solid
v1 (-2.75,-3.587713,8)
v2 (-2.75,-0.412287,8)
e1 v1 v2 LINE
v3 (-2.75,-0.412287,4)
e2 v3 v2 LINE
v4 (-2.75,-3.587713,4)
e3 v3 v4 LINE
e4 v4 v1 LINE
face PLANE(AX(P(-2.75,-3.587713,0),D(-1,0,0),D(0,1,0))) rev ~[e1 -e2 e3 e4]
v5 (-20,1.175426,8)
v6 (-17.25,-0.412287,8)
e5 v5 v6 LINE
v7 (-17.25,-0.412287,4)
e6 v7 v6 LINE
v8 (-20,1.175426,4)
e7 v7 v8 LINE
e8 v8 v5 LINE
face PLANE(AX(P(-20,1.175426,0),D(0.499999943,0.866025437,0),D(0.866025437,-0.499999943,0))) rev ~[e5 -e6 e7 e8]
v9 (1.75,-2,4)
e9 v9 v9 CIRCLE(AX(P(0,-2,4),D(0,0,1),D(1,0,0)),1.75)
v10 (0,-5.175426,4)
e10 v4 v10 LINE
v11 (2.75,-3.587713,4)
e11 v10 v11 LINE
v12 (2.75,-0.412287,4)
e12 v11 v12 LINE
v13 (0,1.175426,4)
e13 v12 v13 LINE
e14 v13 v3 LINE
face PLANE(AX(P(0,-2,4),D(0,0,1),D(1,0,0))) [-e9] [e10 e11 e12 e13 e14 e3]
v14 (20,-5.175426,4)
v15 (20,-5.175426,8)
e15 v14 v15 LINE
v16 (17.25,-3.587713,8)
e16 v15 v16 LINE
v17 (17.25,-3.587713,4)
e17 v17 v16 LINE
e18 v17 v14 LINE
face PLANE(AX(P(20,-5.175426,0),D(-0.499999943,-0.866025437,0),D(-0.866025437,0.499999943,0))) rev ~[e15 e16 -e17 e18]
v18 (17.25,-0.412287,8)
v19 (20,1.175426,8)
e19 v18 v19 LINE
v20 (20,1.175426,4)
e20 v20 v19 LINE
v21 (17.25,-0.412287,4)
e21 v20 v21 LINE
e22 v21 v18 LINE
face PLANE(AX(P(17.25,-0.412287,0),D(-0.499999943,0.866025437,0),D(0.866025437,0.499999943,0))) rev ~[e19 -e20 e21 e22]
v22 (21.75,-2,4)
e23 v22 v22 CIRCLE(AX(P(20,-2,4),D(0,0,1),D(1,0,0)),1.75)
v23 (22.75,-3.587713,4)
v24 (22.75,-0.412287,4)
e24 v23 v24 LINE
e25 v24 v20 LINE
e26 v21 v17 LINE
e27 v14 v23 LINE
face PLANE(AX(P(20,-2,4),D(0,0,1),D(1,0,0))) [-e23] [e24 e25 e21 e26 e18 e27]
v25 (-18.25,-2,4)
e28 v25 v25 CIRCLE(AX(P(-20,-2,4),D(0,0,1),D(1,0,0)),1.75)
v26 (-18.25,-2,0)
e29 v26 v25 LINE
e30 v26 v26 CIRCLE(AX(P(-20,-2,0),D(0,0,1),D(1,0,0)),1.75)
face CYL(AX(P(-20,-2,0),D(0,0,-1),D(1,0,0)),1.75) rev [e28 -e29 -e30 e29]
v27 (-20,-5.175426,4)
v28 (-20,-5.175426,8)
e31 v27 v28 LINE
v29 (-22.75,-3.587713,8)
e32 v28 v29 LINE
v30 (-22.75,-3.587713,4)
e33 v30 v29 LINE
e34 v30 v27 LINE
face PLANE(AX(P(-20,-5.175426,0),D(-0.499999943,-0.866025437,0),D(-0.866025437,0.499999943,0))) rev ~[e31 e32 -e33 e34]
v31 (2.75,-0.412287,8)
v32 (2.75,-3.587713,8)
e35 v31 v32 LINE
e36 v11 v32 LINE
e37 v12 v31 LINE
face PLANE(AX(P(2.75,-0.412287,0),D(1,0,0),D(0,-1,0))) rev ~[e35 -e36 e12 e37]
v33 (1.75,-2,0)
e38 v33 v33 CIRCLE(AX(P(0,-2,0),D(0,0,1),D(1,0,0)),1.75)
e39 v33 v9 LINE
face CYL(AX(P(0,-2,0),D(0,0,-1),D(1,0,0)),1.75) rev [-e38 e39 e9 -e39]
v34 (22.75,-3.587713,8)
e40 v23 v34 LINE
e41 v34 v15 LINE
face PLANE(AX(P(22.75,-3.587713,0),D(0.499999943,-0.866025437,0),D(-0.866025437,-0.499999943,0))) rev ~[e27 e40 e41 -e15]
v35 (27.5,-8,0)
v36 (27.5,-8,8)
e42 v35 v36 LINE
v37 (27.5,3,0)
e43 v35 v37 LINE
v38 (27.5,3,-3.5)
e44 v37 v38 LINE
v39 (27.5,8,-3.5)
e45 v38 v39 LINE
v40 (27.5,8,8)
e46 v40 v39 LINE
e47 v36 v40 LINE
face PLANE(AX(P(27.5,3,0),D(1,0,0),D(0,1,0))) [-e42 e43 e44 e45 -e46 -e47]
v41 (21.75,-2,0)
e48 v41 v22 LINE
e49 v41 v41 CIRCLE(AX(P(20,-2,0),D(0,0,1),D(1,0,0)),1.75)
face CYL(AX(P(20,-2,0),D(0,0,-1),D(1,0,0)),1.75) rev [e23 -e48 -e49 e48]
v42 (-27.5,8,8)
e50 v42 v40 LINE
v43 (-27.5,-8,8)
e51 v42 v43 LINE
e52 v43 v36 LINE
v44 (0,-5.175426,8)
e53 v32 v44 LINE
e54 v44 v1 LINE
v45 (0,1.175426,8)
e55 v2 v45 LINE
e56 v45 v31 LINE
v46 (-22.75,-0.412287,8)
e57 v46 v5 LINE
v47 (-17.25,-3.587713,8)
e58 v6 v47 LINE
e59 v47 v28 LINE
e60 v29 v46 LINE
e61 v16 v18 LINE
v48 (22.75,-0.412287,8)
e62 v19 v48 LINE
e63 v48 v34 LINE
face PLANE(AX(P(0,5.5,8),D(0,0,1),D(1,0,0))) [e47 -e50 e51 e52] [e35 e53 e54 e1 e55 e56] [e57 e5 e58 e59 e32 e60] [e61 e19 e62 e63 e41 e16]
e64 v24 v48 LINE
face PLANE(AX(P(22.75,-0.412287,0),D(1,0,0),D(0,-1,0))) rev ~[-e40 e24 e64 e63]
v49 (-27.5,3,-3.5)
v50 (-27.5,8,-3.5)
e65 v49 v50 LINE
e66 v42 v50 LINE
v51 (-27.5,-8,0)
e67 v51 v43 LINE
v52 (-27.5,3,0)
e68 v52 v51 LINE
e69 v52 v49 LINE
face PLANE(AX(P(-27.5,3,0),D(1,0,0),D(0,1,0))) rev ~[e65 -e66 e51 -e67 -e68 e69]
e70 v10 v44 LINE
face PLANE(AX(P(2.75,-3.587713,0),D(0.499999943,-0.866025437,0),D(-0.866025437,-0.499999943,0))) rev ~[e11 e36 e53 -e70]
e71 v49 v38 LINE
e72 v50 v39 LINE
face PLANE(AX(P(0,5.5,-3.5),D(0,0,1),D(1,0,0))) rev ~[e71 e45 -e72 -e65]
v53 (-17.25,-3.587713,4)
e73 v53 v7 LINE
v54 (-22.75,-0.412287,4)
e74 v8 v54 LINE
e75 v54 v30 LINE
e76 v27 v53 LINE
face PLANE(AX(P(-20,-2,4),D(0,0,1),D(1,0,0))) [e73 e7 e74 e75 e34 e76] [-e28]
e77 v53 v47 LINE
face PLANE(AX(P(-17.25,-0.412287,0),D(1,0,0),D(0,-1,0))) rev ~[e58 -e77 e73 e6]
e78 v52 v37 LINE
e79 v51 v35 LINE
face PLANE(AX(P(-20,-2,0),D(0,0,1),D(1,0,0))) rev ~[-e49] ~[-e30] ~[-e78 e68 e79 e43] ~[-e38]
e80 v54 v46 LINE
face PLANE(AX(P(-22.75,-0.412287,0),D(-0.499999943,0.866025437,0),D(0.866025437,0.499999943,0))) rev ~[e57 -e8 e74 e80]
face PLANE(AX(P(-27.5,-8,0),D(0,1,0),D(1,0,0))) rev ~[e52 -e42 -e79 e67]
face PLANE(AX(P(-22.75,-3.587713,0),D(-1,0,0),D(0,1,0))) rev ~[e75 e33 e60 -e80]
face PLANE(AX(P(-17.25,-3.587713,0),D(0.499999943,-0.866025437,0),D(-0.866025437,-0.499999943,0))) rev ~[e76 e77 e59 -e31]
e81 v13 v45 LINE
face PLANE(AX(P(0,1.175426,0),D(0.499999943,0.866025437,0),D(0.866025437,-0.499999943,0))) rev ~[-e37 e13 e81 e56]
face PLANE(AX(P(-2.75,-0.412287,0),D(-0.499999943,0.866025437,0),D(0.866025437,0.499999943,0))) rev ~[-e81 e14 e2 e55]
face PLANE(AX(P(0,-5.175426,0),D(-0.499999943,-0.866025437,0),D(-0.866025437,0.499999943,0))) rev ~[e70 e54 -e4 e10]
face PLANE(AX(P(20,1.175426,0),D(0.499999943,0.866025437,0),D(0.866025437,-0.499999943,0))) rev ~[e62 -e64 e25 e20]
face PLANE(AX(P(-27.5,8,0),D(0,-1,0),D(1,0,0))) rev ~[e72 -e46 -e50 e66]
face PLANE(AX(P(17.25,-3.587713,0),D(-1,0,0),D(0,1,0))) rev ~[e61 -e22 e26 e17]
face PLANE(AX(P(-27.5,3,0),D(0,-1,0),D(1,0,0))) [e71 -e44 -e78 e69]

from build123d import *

# Parameters (mm, degrees)
F0_W     = 55
F0_H     = 5
F0_H_2   = 11
F1_DEPTH = 8
F0_R     = 1.75
F2_DEPTH = 4
F3_DEPTH = 3.5


with BuildPart() as f1:
    # F0 (on Top) → F1 (new body)
    with BuildSketch(Plane.XY):
        with Locations((0, 5.5)):
            Rectangle(F0_W, F0_H)
        with Locations((0, -2.5)):
            Rectangle(F0_W, F0_H_2)
        Polygon((-20, -5.175426), (-22.75, -3.587713), (-22.75, -0.412287), (-20, 1.175426), (-17.25, -0.412287), (-17.25, -3.587713), align=None, mode=Mode.SUBTRACT)
        Polygon((0, -5.175426), (-2.75, -3.587713), (-2.75, -0.412287), (0, 1.175426), (2.75, -0.412287), (2.75, -3.587713), align=None, mode=Mode.SUBTRACT)
        Polygon((20, 1.175426), (22.75, -0.412287), (22.75, -3.587713), (20, -5.175426), (17.25, -3.587713), (17.25, -0.412287), align=None, mode=Mode.SUBTRACT)
    extrude(amount=F1_DEPTH)

    # F0 (on Top) → F2 (join)
    with BuildSketch(Plane.XY):
        Polygon((-22.75, -0.412287), (-22.75, -3.587713), (-20, -5.175426), (-17.25, -3.587713), (-17.25, -0.412287), (-20, 1.175426), align=None)
        with Locations((-20, -2)):
            Circle(F0_R, mode=Mode.SUBTRACT)
        Polygon((-2.75, -0.412287), (-2.75, -3.587713), (0, -5.175426), (2.75, -3.587713), (2.75, -0.412287), (0, 1.175426), align=None)
        with Locations((0, -2)):
            Circle(F0_R, mode=Mode.SUBTRACT)
        Polygon((22.75, -3.587713), (22.75, -0.412287), (20, 1.175426), (17.25, -0.412287), (17.25, -3.587713), (20, -5.175426), align=None)
        with Locations((20, -2)):
            Circle(F0_R, mode=Mode.SUBTRACT)
    extrude(amount=F2_DEPTH)

    # F0 (on Top) → F3 (join)
    with BuildSketch(Plane.XY):
        with Locations((0, 5.5)):
            Rectangle(F0_W, F0_H)
    extrude(amount=-F3_DEPTH)


solid = f1.part
